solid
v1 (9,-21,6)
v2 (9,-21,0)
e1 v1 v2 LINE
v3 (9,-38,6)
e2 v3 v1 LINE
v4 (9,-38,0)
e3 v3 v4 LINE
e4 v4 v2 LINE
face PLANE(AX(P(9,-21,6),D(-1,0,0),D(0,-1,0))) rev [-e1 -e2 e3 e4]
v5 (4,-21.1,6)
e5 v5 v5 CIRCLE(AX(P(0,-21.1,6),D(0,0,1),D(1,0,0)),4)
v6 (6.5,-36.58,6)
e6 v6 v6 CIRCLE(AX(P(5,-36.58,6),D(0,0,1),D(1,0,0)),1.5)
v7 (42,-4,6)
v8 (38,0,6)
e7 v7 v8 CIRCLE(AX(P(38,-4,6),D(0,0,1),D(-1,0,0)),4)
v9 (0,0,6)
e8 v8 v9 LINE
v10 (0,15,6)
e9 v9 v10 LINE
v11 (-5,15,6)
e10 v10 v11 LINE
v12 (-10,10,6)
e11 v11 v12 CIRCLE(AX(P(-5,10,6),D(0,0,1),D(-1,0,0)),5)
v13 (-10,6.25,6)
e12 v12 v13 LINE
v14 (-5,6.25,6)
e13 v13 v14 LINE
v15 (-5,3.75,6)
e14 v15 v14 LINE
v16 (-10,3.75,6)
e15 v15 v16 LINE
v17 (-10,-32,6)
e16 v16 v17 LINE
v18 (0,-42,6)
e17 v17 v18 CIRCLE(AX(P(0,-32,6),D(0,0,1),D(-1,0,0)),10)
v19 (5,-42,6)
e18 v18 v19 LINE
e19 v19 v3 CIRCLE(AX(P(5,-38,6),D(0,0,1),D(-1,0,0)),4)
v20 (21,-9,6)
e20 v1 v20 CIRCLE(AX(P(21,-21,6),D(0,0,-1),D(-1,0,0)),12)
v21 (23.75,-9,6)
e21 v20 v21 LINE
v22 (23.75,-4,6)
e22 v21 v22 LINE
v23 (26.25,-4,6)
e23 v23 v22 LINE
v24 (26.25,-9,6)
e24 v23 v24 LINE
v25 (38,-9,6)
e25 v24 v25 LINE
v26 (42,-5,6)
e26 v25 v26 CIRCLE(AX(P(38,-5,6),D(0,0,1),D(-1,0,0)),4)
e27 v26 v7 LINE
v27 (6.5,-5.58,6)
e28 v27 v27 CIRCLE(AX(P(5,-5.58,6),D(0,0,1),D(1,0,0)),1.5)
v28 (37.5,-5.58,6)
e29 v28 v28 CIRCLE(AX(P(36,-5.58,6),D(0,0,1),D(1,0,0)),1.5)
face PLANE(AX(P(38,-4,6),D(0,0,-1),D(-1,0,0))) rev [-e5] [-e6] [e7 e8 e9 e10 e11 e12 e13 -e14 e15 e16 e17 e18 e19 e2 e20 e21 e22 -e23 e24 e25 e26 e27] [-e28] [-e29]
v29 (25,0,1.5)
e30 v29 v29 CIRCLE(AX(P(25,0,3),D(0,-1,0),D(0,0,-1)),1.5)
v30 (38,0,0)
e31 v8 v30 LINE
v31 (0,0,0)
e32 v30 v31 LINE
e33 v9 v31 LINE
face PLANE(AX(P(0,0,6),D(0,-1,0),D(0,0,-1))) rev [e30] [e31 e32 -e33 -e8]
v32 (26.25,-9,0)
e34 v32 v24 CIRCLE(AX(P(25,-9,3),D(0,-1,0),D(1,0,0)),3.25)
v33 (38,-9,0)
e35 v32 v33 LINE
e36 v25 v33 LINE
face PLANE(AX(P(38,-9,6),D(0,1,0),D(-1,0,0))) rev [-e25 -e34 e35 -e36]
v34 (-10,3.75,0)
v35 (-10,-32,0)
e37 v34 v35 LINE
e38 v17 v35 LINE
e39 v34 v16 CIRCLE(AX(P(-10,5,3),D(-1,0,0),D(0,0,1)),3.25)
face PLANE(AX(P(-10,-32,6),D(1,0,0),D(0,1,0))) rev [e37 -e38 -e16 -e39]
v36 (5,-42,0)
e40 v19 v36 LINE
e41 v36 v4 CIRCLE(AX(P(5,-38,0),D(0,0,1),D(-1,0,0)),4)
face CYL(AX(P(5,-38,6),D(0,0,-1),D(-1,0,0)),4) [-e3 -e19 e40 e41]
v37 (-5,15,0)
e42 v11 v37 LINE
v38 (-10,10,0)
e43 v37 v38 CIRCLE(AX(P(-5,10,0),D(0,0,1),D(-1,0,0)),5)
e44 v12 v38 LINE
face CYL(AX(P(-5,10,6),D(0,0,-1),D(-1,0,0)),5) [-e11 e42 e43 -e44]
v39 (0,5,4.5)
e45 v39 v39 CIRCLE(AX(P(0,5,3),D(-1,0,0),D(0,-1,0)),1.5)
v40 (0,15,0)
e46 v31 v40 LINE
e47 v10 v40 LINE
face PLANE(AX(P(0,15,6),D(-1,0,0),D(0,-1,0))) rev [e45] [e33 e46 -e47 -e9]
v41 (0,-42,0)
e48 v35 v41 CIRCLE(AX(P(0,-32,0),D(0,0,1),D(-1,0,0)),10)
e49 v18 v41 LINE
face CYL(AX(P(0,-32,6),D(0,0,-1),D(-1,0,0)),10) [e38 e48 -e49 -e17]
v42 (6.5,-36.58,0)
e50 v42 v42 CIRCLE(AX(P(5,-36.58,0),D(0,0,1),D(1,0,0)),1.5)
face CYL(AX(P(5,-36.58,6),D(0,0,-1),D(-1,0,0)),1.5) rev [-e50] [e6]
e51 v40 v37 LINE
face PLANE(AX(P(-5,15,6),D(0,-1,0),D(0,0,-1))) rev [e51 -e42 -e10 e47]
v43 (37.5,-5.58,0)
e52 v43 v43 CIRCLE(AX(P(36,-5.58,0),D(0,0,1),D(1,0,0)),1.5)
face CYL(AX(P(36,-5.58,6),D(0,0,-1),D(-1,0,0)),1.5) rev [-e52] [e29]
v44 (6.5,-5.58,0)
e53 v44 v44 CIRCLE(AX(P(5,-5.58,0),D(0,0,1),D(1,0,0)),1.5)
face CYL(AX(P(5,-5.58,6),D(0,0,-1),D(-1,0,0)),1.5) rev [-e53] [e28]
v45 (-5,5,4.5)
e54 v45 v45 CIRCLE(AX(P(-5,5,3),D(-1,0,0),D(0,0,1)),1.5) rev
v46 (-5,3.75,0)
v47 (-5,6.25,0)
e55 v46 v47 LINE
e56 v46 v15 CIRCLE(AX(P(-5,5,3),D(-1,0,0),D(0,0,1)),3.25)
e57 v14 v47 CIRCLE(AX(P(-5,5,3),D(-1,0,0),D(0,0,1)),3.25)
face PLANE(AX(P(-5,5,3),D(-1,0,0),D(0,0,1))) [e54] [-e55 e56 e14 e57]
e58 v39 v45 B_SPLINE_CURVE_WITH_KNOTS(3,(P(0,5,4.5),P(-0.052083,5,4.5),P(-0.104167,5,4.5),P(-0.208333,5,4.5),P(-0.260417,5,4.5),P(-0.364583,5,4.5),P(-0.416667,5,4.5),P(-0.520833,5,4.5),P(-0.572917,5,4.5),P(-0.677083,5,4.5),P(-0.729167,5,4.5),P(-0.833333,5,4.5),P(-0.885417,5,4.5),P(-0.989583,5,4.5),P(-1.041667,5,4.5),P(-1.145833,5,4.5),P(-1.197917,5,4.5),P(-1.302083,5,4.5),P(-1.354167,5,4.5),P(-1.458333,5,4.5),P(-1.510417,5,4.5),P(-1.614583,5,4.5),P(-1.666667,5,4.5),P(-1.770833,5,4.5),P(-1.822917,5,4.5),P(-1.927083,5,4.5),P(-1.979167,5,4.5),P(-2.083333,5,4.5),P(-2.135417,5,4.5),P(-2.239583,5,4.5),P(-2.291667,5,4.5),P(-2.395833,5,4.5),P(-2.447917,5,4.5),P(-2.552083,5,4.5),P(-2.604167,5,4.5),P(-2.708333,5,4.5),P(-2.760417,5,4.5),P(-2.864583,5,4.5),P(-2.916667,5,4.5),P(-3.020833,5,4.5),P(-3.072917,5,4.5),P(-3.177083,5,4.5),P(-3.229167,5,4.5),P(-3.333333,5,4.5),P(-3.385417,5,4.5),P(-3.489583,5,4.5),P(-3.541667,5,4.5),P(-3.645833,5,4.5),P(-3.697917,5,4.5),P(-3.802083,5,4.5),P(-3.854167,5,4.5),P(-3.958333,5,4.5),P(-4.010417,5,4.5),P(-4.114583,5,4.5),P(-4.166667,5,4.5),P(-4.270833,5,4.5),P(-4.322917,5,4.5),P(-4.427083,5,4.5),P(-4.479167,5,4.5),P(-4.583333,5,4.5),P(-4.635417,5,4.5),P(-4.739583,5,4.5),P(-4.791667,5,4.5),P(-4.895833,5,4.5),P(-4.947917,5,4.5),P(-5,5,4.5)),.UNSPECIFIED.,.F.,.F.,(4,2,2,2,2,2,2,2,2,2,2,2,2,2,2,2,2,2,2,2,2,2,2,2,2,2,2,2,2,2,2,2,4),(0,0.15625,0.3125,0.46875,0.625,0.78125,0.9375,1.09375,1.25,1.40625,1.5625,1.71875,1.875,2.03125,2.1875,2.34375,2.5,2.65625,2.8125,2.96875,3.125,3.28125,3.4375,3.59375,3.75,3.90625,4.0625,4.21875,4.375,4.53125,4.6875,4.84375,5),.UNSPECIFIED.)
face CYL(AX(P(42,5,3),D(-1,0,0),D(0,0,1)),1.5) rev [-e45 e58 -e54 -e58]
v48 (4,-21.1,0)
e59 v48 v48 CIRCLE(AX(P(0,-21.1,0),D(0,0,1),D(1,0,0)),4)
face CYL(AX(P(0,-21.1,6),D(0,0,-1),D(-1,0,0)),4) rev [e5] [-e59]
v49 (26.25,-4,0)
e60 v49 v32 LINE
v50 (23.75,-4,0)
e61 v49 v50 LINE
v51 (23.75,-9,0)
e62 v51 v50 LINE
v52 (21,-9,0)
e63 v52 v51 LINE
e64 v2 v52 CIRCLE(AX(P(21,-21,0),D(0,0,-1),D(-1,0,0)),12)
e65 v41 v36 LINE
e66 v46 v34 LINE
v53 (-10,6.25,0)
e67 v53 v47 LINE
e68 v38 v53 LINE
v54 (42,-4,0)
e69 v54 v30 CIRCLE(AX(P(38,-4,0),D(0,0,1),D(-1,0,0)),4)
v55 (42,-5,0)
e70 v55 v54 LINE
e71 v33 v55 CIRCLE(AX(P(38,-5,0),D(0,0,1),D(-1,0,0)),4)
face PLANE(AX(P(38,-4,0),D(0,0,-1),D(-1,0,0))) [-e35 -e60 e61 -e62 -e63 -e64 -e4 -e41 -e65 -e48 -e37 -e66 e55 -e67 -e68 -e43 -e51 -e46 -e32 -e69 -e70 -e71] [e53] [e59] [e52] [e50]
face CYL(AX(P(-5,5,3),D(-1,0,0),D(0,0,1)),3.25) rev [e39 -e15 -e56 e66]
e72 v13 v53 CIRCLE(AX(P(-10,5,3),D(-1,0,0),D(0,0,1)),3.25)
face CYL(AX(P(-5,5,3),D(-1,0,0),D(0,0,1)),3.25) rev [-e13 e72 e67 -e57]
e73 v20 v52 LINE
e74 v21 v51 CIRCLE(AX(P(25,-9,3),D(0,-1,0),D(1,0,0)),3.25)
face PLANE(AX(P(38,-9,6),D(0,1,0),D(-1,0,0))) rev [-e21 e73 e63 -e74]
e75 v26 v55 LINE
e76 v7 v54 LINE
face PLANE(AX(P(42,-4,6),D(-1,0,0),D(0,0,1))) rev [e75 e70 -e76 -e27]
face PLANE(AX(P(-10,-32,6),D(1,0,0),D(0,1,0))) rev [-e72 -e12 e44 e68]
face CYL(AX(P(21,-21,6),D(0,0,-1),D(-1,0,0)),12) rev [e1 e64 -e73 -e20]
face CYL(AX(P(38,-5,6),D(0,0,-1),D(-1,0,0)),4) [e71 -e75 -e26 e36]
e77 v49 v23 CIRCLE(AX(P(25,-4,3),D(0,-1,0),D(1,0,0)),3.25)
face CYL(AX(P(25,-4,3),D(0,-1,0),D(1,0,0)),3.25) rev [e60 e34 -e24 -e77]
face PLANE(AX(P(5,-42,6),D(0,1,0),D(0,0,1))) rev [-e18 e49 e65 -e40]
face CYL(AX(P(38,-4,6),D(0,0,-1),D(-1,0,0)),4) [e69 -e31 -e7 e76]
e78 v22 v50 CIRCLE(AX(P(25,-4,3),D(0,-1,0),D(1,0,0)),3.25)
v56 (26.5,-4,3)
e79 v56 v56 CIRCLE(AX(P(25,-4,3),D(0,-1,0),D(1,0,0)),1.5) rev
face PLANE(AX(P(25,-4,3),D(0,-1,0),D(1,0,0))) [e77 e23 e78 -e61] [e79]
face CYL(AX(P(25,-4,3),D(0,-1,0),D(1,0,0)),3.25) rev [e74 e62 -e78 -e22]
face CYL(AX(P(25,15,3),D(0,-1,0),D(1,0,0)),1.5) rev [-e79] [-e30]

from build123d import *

# Parameters (mm, degrees)
CROQUIS1_R              = 1.5
CROQUIS1_R_2            = 4
SALIENTE_EXTRUIR1_DEPTH = 6
CROQUIS4_R              = 1.5
CORTAR_EXTRUIR3_DEPTH   = 54.749418602
CROQUIS5_R              = 1.5
CORTAR_EXTRUIR4_DEPTH   = 68.111846942
CROQUIS6_R              = 3.25
CORTAR_EXTRUIR5_DEPTH   = 5
CROQUIS7_R              = 3.25
CORTAR_EXTRUIR6_DEPTH   = 5


with BuildPart() as part:
    # Croquis1 → Saliente-Extruir1 (new body)
    with BuildSketch(Plane.XY):
        with BuildLine():
            Line((0, 0), (38, 0))
            ThreePointArc((38, 0), (40.828427125, -1.171572875), (42, -4))
            Line((42, -4), (42, -5))
            ThreePointArc((42, -5), (40.828427125, -7.828427125), (38, -9))
            Line((38, -9), (21, -9))
            ThreePointArc((21, -9), (12.514718626, -12.514718626), (9, -21))
            Line((9, -21), (9, -38))
            ThreePointArc((9, -38), (7.828427125, -40.828427125), (5, -42))
            Line((5, -42), (0, -42))
            ThreePointArc((0, -42), (-7.071067812, -39.071067812), (-10, -32))
            Line((-10, -32), (-10, 10))
            ThreePointArc((-10, 10), (-8.535533906, 13.535533906), (-5, 15))
            Line((-5, 15), (0, 15))
            Line((0, 15), (0, 0))
        make_face()
        with Locations((36, -5.58)):
            Circle(CROQUIS1_R, mode=Mode.SUBTRACT)
        with Locations((5, -5.58)):
            Circle(CROQUIS1_R, mode=Mode.SUBTRACT)
        with Locations((5, -36.58)):
            Circle(CROQUIS1_R, mode=Mode.SUBTRACT)
        with Locations((0, -21.1)):
            Circle(CROQUIS1_R_2, mode=Mode.SUBTRACT)
    extrude(amount=SALIENTE_EXTRUIR1_DEPTH)

    # Croquis4 → Cortar-Extruir3 (cut, through all)
    with BuildSketch(Plane.XZ.offset(9)):
        with Locations((25, 3)):
            Circle(CROQUIS4_R)
    extrude(amount=-CORTAR_EXTRUIR3_DEPTH, mode=Mode.SUBTRACT)

    # Croquis5 → Cortar-Extruir4 (cut, through all)
    with BuildSketch(Plane.ZY.offset(10)):
        with Locations((3, 5)):
            Circle(CROQUIS5_R)
    extrude(amount=-CORTAR_EXTRUIR4_DEPTH, mode=Mode.SUBTRACT)

    # Croquis6 → Cortar-Extruir5 (cut)
    with BuildSketch(Plane.XZ.offset(9)):
        with Locations((25, 3)):
            Circle(CROQUIS6_R)
    extrude(amount=-CORTAR_EXTRUIR5_DEPTH, mode=Mode.SUBTRACT)

    # Croquis7 → Cortar-Extruir6 (cut)
    with BuildSketch(Plane.ZY.offset(10)):
        with Locations((3, 5)):
            Circle(CROQUIS7_R)
    extrude(amount=-CORTAR_EXTRUIR6_DEPTH, mode=Mode.SUBTRACT)


solid = part.part
